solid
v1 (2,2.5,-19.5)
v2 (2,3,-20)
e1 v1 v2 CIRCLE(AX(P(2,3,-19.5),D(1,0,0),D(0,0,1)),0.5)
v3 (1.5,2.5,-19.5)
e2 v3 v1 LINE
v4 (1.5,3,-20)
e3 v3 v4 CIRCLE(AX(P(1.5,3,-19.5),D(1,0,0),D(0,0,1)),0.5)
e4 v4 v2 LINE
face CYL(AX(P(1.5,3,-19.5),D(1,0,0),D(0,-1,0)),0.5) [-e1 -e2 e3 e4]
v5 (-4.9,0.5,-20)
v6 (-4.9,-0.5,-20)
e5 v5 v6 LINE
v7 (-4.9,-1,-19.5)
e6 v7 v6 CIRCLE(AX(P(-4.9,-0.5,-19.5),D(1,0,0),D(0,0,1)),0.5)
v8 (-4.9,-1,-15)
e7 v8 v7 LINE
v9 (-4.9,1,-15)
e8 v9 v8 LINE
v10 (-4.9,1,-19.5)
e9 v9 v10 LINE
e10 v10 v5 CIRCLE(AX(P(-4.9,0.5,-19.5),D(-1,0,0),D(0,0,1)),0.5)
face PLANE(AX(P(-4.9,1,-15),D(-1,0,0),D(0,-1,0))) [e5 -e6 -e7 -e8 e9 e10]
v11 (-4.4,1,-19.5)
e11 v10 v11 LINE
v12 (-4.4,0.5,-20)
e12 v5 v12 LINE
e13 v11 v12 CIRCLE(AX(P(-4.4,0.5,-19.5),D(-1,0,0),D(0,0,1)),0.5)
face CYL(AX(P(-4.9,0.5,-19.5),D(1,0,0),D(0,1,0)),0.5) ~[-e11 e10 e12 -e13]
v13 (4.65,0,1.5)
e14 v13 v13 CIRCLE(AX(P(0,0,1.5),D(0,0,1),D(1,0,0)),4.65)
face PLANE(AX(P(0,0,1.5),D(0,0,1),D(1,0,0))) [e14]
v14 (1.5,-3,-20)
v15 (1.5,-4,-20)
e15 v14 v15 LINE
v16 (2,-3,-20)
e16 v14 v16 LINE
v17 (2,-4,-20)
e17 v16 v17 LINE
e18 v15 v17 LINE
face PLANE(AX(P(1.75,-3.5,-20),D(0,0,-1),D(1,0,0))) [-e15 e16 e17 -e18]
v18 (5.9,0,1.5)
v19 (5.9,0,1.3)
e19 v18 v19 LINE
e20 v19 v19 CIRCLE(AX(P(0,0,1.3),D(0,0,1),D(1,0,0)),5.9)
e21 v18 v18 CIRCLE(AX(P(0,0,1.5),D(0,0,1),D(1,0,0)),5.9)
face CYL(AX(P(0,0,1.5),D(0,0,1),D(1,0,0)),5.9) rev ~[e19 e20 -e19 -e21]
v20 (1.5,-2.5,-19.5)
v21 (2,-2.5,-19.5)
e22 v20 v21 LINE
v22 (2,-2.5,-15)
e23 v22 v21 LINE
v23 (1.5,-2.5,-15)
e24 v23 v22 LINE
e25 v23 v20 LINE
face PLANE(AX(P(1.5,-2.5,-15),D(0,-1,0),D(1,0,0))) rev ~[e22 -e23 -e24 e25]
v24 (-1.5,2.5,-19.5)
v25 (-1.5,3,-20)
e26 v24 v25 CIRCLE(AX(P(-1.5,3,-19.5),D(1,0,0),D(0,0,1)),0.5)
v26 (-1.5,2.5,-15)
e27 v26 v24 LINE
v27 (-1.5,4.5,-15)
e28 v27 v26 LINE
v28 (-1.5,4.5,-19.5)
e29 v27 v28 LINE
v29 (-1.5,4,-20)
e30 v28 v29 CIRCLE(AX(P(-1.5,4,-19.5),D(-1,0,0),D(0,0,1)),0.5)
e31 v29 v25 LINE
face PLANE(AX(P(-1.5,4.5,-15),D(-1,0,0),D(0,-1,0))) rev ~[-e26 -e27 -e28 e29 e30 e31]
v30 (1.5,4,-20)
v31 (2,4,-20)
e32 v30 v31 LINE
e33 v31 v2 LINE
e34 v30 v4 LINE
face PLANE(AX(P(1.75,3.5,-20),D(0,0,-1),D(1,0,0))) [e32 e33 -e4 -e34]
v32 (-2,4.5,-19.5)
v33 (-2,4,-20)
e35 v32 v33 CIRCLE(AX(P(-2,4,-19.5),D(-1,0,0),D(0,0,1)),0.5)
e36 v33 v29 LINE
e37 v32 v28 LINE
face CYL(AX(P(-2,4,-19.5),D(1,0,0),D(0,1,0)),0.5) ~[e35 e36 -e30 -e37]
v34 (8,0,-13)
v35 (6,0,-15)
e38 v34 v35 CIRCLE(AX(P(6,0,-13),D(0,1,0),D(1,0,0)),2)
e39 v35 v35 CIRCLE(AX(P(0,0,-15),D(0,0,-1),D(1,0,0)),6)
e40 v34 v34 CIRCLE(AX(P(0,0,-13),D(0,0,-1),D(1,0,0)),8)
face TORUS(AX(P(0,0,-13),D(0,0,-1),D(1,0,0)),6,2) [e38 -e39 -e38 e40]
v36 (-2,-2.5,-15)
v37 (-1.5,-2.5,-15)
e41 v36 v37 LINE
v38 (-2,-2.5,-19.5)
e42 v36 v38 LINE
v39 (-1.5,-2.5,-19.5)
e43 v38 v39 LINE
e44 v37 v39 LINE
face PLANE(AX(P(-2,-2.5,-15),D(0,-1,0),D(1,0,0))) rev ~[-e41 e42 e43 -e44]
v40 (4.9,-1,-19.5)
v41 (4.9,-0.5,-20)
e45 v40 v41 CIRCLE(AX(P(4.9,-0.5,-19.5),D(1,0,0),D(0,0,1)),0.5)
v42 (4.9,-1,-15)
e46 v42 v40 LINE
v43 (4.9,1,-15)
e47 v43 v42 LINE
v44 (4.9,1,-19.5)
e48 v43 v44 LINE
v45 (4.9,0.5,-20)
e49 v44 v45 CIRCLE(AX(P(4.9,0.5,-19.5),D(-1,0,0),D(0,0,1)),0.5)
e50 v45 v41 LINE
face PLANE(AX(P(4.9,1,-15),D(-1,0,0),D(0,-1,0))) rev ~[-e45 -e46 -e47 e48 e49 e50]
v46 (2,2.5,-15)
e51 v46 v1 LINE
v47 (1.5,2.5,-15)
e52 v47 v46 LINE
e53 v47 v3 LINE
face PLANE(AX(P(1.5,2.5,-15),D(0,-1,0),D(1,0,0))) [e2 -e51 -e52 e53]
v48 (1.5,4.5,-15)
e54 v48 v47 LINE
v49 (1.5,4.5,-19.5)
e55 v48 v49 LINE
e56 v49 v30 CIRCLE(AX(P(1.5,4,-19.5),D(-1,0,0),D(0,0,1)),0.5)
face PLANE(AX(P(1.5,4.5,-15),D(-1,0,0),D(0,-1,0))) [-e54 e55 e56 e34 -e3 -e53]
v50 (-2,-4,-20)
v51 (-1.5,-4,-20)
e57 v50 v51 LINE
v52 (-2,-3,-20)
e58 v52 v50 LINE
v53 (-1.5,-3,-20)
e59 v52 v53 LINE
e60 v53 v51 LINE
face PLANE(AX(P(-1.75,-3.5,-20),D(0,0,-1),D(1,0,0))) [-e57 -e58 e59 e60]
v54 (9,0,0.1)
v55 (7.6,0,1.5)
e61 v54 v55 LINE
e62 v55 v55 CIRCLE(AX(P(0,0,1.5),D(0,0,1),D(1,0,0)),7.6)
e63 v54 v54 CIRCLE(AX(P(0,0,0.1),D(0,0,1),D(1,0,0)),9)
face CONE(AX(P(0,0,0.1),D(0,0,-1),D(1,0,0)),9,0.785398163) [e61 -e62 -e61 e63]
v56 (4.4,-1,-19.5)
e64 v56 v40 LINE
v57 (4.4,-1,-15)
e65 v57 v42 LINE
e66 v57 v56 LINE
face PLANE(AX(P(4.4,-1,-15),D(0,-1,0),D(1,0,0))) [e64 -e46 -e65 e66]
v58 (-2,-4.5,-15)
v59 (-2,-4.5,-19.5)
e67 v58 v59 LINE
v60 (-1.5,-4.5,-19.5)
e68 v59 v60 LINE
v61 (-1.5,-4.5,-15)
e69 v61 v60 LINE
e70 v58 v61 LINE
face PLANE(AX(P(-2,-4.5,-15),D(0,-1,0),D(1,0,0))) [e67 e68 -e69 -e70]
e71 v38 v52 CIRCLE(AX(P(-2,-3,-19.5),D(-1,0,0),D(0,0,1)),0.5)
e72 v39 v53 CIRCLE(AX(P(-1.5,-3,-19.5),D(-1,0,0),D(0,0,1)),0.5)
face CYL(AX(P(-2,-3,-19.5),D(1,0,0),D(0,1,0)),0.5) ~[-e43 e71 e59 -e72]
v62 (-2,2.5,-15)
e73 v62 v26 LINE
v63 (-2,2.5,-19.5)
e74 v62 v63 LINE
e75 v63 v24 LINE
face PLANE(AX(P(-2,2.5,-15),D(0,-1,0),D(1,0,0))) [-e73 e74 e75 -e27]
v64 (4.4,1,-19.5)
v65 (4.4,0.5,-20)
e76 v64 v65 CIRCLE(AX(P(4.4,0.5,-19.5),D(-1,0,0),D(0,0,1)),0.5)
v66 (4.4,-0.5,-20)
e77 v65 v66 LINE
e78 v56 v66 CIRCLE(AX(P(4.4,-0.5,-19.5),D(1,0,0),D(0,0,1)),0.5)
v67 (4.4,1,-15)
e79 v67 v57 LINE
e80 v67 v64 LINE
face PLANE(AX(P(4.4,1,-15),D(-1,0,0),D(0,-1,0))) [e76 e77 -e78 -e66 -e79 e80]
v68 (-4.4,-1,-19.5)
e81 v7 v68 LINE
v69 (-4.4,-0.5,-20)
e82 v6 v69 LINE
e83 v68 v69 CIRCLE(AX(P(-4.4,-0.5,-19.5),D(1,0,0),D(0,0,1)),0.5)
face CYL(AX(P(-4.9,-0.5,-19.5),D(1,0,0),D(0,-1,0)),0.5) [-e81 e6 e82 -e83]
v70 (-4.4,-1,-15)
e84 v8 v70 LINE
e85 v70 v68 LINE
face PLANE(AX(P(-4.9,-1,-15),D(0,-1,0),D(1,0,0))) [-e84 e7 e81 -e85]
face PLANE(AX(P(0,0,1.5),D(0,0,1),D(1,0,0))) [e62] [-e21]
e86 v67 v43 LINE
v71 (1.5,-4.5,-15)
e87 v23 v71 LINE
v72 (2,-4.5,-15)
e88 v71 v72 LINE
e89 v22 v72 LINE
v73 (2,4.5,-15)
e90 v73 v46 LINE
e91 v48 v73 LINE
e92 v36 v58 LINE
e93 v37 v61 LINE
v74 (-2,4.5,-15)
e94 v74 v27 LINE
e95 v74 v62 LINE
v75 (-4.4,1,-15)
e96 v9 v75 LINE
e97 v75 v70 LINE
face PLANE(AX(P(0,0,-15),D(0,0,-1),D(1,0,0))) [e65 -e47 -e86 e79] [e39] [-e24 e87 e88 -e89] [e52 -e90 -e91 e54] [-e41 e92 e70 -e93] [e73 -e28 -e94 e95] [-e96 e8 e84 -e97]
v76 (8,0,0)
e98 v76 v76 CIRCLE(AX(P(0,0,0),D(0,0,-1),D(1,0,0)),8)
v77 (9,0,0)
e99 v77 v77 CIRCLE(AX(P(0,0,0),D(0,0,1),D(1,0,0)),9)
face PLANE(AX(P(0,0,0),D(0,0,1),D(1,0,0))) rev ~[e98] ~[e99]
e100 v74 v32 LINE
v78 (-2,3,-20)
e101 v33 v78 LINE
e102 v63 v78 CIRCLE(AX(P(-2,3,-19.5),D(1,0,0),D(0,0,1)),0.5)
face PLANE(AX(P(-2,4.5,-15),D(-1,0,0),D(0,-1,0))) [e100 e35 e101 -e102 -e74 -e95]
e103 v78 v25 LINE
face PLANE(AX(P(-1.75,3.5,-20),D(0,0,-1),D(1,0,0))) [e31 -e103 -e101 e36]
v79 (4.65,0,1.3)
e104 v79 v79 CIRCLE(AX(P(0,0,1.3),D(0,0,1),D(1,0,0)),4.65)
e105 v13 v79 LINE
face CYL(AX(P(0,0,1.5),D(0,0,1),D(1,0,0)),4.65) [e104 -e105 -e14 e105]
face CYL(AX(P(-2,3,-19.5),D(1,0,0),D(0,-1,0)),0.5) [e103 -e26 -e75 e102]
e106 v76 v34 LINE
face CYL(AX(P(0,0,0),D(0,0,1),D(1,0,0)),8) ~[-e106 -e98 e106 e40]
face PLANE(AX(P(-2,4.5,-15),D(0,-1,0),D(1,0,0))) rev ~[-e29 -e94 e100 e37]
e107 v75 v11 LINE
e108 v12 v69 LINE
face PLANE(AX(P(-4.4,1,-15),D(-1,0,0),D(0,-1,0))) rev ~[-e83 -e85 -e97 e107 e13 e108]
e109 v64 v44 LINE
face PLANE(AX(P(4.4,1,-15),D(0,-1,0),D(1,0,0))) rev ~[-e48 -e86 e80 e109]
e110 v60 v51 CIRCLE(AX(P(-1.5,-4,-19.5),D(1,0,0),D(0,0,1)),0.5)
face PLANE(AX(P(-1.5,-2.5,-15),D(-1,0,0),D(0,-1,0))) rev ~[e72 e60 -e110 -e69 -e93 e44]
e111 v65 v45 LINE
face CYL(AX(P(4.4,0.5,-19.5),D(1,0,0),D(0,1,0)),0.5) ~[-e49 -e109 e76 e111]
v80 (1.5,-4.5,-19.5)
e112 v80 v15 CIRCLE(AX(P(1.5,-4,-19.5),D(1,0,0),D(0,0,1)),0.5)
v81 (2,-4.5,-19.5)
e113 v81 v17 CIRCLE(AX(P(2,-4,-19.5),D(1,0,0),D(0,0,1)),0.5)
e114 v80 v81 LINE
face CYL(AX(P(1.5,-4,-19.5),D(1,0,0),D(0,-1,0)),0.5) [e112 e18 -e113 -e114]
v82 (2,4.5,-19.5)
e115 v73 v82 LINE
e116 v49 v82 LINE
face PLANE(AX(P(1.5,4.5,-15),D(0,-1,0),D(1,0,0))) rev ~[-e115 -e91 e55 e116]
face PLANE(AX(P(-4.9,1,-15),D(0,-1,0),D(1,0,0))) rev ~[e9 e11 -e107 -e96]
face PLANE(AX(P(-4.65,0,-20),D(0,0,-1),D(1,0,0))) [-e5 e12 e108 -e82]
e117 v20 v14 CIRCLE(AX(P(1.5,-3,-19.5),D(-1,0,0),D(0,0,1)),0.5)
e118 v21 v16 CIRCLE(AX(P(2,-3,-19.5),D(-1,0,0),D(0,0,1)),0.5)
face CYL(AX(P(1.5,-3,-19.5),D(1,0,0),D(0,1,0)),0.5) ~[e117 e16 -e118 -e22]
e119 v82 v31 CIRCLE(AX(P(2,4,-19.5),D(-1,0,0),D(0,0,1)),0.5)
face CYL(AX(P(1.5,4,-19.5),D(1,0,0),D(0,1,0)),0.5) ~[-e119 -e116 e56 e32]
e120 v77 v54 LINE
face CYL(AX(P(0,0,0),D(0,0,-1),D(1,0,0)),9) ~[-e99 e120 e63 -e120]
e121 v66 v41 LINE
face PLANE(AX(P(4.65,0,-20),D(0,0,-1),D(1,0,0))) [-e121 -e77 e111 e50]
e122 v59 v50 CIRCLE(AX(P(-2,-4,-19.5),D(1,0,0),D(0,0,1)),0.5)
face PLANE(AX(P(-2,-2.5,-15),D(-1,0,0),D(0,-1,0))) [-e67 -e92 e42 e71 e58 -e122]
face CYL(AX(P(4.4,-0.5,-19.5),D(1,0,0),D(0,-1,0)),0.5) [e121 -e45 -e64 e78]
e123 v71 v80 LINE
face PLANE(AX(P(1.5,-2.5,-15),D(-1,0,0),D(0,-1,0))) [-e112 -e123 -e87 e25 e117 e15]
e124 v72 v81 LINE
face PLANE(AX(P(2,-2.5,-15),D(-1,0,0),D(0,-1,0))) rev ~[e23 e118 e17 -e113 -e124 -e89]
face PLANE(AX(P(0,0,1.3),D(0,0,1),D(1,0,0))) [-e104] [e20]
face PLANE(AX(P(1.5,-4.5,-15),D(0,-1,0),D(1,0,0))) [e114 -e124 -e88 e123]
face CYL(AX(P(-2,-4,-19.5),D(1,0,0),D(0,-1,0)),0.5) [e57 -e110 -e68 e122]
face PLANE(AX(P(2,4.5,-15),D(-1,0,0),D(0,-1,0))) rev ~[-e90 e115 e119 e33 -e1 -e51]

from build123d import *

# Parameters (mm, degrees)
F0_R     = 9
F1_DEPTH = 1.5
F2_SIZE  = 1.4
F3_R     = 5.9
F3_R_2   = 4.65
F4_DEPTH = 0.2
F5_R     = 8
F6_DEPTH = 15
F7_R     = 2
F8_W     = 0.5
F8_H     = 2
F9_DEPTH = 5
F10_R    = 0.5


with BuildPart() as f1:
    # F0 (on Top) → F1 (new body)
    with BuildSketch(Plane.XY):
        Circle(F0_R)
    extrude(amount=F1_DEPTH)

    # F2
    f2_edges = [f1.edges().sort_by_distance(p)[0] for p in [
        (-9, 0, 1.5),
    ]]
    chamfer(f2_edges, length=F2_SIZE)

    # F3 (on face) → F4 (cut)
    with BuildSketch(Plane.XY.offset(1.5)):
        Circle(F3_R)
        Circle(F3_R_2, mode=Mode.SUBTRACT)
    extrude(amount=-F4_DEPTH, mode=Mode.SUBTRACT)

    # F5 (on face) → F6 (join)
    with BuildSketch(Plane(origin=(0, 0, 0), x_dir=(1, 0, 0), z_dir=(0, 0, -1))):
        Circle(F5_R)
    extrude(amount=F6_DEPTH)

    # F7
    f7_edges = [f1.edges().sort_by_distance(p)[0] for p in [
        (-8, 0, -15),
    ]]
    fillet(f7_edges, radius=F7_R)

    # F8 (on face) → F9 (join)
    with BuildSketch(Plane(origin=(0, 0, -15), x_dir=(1, 0, 0), z_dir=(0, 0, -1))):
        with Locations((-1.75, 3.5)):
            Rectangle(F8_W, F8_H)
        with Locations((1.75, 3.5)):
            Rectangle(F8_W, F8_H)
        with Locations((1.75, -3.5)):
            Rectangle(F8_W, F8_H)
        with Locations((-1.75, -3.5)):
            Rectangle(F8_W, F8_H)
        with Locations((-4.65, 0)):
            Rectangle(F8_W, F8_H)
        with Locations((4.65, 0)):
            Rectangle(F8_W, F8_H)
    extrude(amount=F9_DEPTH)

    # F10
    f10_edges = [f1.edges().sort_by_distance(p)[0] for p in [
        (-1.75, -4.5, -20),
        (1.75, -4.5, -20),
        (4.65, -1, -20),
        (-4.65, -1, -20),
        (1.75, 2.5, -20),
        (-1.75, 2.5, -20),
        (-4.65, 1, -20),
        (-1.75, -2.5, -20),
        (1.75, -2.5, -20),
        (4.65, 1, -20),
        (1.75, 4.5, -20),
        (-1.75, 4.5, -20),
    ]]
    fillet(f10_edges, radius=F10_R)


solid = f1.part
